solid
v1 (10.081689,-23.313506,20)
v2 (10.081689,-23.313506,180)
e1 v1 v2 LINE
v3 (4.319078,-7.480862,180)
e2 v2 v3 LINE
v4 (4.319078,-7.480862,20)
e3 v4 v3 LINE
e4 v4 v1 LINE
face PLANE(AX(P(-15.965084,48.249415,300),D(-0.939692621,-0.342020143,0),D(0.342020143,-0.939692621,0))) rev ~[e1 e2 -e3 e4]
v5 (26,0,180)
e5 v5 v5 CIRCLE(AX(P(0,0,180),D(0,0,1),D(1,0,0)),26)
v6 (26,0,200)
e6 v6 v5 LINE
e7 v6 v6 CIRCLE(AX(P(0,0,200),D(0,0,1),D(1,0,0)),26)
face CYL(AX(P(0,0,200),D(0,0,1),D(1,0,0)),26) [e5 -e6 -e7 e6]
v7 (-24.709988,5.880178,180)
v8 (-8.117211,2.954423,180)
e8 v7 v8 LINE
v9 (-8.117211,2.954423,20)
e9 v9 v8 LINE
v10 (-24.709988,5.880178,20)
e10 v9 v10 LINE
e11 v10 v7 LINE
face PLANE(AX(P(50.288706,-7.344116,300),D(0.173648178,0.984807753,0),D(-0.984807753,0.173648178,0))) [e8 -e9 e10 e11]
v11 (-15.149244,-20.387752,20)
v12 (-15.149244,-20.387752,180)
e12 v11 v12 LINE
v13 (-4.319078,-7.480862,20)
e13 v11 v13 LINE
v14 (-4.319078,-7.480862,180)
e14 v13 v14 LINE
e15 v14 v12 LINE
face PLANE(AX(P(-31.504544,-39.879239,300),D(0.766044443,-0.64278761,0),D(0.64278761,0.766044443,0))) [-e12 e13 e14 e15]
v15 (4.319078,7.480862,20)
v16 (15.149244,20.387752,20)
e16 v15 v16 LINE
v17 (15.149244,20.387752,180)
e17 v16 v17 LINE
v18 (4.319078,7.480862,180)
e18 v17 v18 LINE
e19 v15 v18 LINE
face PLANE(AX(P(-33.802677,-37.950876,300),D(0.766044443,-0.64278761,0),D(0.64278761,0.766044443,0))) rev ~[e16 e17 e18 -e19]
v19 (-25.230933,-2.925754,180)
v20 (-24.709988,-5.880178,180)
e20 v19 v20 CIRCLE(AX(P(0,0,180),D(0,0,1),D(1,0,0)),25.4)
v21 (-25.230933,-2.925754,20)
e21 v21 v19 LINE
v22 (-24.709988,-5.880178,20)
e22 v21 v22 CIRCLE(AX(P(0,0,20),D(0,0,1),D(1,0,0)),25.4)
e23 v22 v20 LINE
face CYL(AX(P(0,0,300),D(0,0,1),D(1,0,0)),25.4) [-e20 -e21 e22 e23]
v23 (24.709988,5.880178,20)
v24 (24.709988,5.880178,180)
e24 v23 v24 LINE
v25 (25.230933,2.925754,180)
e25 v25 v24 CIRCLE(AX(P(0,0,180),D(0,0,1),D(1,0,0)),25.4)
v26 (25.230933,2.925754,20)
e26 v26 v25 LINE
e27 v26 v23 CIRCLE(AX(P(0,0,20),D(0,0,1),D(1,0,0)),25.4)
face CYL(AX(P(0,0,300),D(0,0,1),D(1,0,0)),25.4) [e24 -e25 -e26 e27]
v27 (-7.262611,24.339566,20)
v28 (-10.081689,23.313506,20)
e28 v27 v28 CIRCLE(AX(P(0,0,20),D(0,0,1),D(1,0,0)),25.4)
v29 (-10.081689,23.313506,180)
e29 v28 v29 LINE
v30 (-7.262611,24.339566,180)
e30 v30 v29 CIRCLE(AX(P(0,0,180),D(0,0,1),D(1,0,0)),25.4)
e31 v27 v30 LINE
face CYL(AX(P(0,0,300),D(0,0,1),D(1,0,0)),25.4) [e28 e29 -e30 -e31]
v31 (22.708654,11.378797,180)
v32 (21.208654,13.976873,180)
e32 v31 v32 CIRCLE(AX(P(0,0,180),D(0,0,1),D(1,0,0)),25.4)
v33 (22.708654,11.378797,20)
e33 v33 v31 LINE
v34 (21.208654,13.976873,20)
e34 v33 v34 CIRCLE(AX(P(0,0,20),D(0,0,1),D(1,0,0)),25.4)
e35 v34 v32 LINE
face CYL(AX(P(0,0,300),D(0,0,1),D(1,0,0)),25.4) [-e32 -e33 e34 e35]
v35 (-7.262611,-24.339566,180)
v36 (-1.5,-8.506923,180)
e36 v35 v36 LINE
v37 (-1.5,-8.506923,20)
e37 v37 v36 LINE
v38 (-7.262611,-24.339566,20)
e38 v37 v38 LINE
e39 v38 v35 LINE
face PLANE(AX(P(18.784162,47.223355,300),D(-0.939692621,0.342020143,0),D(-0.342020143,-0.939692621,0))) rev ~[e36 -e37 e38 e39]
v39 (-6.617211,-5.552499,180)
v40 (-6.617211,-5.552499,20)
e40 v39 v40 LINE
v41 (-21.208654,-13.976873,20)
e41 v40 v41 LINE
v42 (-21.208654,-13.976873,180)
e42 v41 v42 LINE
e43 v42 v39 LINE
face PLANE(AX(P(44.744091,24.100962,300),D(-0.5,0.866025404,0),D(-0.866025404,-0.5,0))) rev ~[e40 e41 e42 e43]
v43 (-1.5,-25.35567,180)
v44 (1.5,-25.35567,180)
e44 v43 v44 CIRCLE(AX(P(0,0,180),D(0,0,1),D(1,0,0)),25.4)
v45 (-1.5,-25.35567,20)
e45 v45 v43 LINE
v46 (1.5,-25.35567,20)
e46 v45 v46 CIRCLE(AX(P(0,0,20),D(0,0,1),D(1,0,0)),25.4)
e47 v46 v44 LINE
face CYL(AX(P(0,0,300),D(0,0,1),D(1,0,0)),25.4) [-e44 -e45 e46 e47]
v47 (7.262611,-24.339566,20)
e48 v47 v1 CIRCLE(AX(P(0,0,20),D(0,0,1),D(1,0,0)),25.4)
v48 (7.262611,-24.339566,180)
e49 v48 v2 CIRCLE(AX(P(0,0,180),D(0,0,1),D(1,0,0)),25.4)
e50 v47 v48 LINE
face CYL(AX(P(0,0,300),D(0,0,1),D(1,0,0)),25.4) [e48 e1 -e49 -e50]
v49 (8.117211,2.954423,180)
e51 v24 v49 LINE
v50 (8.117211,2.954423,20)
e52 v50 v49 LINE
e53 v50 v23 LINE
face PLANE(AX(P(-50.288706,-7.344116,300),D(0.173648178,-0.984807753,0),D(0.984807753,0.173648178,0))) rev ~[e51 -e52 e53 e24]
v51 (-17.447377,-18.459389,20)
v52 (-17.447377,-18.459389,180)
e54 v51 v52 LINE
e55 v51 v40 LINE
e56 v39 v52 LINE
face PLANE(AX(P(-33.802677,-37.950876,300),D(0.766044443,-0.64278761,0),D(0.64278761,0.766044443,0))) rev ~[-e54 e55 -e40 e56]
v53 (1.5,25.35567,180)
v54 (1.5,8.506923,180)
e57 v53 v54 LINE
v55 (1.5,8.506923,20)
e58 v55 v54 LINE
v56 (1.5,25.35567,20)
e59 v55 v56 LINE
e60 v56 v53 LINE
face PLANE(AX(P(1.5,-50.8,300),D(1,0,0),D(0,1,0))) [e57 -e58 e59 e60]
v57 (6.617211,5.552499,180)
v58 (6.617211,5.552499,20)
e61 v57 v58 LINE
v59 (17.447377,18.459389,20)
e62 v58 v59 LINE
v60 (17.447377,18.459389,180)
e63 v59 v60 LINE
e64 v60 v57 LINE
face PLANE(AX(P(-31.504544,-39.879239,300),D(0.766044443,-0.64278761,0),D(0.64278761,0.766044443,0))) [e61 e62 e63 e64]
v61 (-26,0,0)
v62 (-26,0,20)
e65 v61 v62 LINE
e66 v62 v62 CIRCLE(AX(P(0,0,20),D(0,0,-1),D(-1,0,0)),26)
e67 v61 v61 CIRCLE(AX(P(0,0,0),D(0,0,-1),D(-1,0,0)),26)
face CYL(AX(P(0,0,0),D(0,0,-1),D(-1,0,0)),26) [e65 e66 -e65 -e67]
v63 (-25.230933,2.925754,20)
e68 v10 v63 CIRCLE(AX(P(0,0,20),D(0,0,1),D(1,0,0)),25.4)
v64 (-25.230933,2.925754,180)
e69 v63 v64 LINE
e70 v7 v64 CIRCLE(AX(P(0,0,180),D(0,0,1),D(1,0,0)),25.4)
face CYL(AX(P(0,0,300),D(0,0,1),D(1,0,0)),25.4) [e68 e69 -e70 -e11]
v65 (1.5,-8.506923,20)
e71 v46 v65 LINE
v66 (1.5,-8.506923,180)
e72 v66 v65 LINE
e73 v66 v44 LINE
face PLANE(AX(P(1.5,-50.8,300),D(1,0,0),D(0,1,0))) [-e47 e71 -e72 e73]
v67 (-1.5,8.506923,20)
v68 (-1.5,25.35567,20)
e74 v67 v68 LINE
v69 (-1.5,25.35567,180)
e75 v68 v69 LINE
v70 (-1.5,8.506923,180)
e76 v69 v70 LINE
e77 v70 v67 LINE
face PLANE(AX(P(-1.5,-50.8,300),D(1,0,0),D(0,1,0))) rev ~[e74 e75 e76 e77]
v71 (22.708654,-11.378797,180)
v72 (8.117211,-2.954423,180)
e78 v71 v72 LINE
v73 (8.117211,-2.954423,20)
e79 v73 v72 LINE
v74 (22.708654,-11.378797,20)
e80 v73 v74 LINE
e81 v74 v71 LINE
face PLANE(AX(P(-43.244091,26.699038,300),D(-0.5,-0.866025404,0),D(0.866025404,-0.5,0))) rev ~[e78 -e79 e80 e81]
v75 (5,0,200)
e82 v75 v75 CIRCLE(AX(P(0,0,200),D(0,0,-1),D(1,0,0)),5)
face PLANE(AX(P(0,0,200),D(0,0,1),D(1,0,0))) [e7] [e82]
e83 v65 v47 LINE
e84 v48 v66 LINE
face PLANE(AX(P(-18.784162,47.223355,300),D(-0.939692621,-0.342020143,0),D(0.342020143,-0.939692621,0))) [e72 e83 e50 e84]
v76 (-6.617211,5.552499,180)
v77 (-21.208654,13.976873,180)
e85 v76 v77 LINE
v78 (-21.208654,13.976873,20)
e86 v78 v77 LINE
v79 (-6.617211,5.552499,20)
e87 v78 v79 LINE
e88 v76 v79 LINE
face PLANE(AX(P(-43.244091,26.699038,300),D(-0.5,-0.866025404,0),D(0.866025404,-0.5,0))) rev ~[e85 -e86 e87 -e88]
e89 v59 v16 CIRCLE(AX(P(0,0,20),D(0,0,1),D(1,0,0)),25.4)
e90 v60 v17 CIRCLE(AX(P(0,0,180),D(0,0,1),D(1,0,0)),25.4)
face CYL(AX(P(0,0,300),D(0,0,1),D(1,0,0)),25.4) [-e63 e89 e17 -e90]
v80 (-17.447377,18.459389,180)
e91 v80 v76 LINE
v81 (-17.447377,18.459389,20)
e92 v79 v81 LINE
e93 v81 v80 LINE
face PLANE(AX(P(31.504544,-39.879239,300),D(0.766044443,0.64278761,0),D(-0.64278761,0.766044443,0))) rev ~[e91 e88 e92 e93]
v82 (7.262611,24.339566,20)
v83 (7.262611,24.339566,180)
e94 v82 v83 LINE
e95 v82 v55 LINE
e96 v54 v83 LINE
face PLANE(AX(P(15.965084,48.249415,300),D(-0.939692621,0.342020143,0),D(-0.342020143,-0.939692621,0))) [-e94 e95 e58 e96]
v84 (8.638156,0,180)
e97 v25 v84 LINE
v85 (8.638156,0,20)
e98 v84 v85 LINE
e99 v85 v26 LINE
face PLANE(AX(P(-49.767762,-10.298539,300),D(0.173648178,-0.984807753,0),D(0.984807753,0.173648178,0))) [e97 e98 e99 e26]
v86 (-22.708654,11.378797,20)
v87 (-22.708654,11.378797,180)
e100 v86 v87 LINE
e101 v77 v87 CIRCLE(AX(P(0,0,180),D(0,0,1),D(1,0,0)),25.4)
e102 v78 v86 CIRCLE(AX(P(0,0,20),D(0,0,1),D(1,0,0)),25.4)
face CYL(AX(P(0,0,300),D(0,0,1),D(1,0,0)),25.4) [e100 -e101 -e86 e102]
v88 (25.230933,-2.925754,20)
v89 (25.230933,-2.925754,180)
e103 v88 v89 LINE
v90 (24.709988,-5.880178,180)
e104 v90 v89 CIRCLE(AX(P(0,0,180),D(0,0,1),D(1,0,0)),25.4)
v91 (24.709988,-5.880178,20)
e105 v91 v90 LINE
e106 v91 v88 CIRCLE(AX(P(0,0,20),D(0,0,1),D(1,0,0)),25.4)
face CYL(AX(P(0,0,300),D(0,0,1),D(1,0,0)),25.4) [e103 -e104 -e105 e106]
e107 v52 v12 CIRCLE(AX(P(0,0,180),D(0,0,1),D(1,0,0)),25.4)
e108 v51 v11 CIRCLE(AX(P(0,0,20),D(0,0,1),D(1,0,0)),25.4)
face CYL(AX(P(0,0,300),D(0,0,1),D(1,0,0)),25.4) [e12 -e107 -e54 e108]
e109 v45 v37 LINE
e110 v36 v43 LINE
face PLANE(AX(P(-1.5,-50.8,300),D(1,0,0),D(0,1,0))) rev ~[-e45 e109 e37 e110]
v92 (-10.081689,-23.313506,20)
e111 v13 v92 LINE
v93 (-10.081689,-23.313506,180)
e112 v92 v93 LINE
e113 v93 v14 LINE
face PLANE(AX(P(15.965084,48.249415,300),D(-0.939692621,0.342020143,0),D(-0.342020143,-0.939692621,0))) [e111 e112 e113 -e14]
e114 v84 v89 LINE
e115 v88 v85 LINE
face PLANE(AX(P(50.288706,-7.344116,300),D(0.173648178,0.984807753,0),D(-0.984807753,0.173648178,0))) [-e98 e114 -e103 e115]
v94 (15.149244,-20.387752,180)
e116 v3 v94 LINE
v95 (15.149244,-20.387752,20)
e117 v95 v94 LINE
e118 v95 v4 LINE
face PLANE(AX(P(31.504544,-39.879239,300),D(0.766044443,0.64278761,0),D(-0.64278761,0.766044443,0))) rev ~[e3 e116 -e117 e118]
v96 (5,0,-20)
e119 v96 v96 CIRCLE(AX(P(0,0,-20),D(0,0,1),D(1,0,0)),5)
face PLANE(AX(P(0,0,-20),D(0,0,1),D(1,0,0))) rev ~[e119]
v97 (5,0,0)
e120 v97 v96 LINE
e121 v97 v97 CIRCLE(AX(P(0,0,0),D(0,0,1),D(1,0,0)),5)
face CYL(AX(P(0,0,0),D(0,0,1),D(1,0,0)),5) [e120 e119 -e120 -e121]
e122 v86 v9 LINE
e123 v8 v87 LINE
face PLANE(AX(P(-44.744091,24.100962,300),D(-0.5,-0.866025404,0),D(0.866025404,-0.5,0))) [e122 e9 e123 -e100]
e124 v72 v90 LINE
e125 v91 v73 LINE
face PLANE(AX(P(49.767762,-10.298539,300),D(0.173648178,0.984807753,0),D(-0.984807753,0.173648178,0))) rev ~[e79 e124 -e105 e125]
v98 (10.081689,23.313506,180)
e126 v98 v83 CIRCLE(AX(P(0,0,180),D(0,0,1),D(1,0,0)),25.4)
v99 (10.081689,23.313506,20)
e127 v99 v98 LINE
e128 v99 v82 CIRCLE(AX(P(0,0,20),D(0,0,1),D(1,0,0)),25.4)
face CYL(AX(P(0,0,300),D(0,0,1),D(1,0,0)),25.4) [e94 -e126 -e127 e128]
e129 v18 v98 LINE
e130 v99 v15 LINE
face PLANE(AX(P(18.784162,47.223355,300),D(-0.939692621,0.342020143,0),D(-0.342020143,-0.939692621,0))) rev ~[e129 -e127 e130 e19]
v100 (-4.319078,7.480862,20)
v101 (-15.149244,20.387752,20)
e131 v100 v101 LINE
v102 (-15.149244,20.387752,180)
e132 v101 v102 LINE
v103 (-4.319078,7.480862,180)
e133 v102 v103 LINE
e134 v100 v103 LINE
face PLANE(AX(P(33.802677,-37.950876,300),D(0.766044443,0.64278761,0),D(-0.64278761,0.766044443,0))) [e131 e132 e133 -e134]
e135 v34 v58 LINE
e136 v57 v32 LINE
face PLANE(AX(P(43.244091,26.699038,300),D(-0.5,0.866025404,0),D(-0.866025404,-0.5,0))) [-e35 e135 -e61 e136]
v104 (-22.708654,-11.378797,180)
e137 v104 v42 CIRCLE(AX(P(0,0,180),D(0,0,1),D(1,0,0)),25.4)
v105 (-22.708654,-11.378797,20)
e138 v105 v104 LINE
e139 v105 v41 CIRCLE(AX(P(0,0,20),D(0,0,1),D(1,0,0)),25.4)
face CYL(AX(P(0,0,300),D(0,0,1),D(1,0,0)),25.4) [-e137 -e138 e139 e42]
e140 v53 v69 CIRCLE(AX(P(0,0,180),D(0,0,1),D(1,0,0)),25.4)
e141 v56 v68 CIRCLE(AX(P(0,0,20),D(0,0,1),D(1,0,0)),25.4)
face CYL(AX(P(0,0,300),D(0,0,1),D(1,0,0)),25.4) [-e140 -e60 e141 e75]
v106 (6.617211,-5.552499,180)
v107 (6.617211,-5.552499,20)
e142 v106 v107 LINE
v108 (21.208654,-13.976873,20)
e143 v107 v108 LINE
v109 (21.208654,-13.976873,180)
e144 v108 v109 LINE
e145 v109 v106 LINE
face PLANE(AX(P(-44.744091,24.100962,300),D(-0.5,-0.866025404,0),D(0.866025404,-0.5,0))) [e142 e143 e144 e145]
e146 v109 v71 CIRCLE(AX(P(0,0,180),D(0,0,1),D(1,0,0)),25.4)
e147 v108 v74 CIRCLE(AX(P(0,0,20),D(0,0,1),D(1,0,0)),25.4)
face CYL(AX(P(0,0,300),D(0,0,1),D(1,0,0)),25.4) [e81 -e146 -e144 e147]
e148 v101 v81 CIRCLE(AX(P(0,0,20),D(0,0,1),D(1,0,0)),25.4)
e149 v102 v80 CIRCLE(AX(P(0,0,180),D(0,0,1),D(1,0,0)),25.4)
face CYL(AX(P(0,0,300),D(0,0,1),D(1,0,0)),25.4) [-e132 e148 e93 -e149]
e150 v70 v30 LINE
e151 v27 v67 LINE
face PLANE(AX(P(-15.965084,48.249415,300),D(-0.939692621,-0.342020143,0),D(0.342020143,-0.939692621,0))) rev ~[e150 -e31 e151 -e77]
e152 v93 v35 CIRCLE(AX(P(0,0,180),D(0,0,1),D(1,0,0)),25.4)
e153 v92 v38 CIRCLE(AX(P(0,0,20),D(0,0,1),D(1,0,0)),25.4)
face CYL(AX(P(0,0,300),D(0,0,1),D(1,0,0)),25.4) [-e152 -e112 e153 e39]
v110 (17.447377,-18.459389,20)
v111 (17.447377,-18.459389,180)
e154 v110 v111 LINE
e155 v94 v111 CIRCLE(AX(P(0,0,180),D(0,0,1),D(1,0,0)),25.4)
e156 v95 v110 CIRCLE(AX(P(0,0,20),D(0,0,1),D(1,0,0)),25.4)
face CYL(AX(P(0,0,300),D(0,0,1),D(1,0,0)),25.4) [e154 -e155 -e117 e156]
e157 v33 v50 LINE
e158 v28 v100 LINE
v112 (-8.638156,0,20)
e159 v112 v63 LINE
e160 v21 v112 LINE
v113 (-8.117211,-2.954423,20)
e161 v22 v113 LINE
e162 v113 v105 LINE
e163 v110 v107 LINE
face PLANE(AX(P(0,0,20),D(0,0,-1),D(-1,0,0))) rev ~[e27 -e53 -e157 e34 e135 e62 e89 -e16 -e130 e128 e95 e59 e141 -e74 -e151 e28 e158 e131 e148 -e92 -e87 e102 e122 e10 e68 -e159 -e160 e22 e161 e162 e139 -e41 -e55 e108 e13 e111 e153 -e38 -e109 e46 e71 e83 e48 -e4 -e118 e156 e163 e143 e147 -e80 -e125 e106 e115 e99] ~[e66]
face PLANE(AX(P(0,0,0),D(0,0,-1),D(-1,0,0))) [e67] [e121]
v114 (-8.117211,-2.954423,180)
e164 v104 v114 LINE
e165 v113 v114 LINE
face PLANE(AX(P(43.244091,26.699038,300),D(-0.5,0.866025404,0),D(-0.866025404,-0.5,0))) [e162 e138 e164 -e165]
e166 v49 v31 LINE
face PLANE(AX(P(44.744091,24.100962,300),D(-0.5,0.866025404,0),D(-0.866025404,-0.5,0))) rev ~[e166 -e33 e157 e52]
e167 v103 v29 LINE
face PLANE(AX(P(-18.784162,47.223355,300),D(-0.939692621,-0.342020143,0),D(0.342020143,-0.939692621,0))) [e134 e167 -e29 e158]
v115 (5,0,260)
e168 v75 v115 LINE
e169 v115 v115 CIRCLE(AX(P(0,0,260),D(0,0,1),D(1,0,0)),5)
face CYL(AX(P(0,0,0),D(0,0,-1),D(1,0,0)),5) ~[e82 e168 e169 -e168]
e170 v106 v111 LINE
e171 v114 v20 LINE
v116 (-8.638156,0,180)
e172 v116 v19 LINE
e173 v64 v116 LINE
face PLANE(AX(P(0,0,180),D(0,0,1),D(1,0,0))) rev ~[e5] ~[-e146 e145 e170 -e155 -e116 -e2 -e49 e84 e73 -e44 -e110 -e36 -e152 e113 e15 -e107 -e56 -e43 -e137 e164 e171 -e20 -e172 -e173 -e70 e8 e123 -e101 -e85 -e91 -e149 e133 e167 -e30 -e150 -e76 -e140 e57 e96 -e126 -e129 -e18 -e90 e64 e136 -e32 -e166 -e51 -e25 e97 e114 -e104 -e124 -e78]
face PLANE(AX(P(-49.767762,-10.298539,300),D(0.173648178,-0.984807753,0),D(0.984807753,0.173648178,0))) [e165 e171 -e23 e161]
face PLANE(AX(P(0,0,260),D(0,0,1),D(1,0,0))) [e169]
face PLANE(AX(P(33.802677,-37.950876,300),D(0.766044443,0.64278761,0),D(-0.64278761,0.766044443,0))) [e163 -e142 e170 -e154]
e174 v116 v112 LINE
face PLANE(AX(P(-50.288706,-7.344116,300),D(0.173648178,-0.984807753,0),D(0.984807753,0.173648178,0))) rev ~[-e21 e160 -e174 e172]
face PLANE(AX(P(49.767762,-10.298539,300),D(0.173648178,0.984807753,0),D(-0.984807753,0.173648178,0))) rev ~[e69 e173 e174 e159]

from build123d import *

# Parameters (mm, degrees)
SKETCH1_R                = 6.35
BOSS_EXTRUDE1_DEPTH      = 300
SKETCH2_W                = 3
SKETCH2_H                = 101.6
BOSS_EXTRUDE2_DEPTH      = 300
CIRPATTERN1_COUNT        = 9
SKETCH9_R                = 60.024928634
SKETCH9_R_2              = 25.4
CUT_EXTRUDE1_DEPTH       = 317.2
SKETCH11_W               = 209.953471272
SKETCH11_H               = 400
CUT_EXTRUDE2_DEPTH       = 158.6
SKETCH13_R               = 5
BOSS_EXTRUDE3_DEPTH      = 260
BOSS_EXTRUDE3_DEPTH_BACK = 20
SKETCH14_R               = 26
BOSS_EXTRUDE4_DEPTH      = 20
SKETCH15_R               = 26
BOSS_EXTRUDE5_DEPTH      = 20


with BuildPart() as part:
    # Sketch1 → Boss-Extrude1 (new body)
    with BuildSketch(Plane.XY):
        Circle(SKETCH1_R)
    extrude(amount=BOSS_EXTRUDE1_DEPTH)

    # Sketch2 → Boss-Extrude2 (add, through all)
    with BuildSketch(Plane.XY.offset(300)):
        Rectangle(SKETCH2_W, SKETCH2_H)
    boss_extrude2 = extrude(amount=-BOSS_EXTRUDE2_DEPTH)

    # CirPattern1: Boss-Extrude2 ×9 about axis
    cirpattern1_axis = Axis((0, 0, 0), (0, 0, 1))
    for i in range(1, CIRPATTERN1_COUNT):
        add(boss_extrude2.rotate(cirpattern1_axis, i * 360 / CIRPATTERN1_COUNT))

    # Sketch9 → Cut-Extrude1 (cut)
    with BuildSketch(Plane.XY.offset(300)):
        Circle(SKETCH9_R)
        Circle(SKETCH9_R_2, mode=Mode.SUBTRACT)
    extrude(amount=-CUT_EXTRUDE1_DEPTH, mode=Mode.SUBTRACT)

    # Sketch11 → Cut-Extrude2 (cut, symmetric)
    with BuildSketch(Plane(origin=(0, 0, 0), x_dir=(1, 0, 0), z_dir=(0, 1, 0))):
        with Locations((-1.595391119, -400)):
            Rectangle(SKETCH11_W, SKETCH11_H)
    extrude(amount=CUT_EXTRUDE2_DEPTH, both=True, mode=Mode.SUBTRACT)

    # Sketch13 → Boss-Extrude3 (add, two sides)
    with BuildSketch(Plane.XY) as boss_extrude3_sk:
        Circle(SKETCH13_R)
    extrude(amount=BOSS_EXTRUDE3_DEPTH)
    extrude(boss_extrude3_sk.sketch, amount=-BOSS_EXTRUDE3_DEPTH_BACK)

    # Sketch14 → Boss-Extrude4 (add)
    with BuildSketch(Plane(origin=(0, 0, 0), x_dir=(-1, 0, 0), z_dir=(0, 0, -1))):
        Circle(SKETCH14_R)
    extrude(amount=-BOSS_EXTRUDE4_DEPTH)

    # Sketch15 → Boss-Extrude5 (add)
    with BuildSketch(Plane.XY.offset(200)):
        Circle(SKETCH15_R)
    extrude(amount=-BOSS_EXTRUDE5_DEPTH)


solid = part.part
